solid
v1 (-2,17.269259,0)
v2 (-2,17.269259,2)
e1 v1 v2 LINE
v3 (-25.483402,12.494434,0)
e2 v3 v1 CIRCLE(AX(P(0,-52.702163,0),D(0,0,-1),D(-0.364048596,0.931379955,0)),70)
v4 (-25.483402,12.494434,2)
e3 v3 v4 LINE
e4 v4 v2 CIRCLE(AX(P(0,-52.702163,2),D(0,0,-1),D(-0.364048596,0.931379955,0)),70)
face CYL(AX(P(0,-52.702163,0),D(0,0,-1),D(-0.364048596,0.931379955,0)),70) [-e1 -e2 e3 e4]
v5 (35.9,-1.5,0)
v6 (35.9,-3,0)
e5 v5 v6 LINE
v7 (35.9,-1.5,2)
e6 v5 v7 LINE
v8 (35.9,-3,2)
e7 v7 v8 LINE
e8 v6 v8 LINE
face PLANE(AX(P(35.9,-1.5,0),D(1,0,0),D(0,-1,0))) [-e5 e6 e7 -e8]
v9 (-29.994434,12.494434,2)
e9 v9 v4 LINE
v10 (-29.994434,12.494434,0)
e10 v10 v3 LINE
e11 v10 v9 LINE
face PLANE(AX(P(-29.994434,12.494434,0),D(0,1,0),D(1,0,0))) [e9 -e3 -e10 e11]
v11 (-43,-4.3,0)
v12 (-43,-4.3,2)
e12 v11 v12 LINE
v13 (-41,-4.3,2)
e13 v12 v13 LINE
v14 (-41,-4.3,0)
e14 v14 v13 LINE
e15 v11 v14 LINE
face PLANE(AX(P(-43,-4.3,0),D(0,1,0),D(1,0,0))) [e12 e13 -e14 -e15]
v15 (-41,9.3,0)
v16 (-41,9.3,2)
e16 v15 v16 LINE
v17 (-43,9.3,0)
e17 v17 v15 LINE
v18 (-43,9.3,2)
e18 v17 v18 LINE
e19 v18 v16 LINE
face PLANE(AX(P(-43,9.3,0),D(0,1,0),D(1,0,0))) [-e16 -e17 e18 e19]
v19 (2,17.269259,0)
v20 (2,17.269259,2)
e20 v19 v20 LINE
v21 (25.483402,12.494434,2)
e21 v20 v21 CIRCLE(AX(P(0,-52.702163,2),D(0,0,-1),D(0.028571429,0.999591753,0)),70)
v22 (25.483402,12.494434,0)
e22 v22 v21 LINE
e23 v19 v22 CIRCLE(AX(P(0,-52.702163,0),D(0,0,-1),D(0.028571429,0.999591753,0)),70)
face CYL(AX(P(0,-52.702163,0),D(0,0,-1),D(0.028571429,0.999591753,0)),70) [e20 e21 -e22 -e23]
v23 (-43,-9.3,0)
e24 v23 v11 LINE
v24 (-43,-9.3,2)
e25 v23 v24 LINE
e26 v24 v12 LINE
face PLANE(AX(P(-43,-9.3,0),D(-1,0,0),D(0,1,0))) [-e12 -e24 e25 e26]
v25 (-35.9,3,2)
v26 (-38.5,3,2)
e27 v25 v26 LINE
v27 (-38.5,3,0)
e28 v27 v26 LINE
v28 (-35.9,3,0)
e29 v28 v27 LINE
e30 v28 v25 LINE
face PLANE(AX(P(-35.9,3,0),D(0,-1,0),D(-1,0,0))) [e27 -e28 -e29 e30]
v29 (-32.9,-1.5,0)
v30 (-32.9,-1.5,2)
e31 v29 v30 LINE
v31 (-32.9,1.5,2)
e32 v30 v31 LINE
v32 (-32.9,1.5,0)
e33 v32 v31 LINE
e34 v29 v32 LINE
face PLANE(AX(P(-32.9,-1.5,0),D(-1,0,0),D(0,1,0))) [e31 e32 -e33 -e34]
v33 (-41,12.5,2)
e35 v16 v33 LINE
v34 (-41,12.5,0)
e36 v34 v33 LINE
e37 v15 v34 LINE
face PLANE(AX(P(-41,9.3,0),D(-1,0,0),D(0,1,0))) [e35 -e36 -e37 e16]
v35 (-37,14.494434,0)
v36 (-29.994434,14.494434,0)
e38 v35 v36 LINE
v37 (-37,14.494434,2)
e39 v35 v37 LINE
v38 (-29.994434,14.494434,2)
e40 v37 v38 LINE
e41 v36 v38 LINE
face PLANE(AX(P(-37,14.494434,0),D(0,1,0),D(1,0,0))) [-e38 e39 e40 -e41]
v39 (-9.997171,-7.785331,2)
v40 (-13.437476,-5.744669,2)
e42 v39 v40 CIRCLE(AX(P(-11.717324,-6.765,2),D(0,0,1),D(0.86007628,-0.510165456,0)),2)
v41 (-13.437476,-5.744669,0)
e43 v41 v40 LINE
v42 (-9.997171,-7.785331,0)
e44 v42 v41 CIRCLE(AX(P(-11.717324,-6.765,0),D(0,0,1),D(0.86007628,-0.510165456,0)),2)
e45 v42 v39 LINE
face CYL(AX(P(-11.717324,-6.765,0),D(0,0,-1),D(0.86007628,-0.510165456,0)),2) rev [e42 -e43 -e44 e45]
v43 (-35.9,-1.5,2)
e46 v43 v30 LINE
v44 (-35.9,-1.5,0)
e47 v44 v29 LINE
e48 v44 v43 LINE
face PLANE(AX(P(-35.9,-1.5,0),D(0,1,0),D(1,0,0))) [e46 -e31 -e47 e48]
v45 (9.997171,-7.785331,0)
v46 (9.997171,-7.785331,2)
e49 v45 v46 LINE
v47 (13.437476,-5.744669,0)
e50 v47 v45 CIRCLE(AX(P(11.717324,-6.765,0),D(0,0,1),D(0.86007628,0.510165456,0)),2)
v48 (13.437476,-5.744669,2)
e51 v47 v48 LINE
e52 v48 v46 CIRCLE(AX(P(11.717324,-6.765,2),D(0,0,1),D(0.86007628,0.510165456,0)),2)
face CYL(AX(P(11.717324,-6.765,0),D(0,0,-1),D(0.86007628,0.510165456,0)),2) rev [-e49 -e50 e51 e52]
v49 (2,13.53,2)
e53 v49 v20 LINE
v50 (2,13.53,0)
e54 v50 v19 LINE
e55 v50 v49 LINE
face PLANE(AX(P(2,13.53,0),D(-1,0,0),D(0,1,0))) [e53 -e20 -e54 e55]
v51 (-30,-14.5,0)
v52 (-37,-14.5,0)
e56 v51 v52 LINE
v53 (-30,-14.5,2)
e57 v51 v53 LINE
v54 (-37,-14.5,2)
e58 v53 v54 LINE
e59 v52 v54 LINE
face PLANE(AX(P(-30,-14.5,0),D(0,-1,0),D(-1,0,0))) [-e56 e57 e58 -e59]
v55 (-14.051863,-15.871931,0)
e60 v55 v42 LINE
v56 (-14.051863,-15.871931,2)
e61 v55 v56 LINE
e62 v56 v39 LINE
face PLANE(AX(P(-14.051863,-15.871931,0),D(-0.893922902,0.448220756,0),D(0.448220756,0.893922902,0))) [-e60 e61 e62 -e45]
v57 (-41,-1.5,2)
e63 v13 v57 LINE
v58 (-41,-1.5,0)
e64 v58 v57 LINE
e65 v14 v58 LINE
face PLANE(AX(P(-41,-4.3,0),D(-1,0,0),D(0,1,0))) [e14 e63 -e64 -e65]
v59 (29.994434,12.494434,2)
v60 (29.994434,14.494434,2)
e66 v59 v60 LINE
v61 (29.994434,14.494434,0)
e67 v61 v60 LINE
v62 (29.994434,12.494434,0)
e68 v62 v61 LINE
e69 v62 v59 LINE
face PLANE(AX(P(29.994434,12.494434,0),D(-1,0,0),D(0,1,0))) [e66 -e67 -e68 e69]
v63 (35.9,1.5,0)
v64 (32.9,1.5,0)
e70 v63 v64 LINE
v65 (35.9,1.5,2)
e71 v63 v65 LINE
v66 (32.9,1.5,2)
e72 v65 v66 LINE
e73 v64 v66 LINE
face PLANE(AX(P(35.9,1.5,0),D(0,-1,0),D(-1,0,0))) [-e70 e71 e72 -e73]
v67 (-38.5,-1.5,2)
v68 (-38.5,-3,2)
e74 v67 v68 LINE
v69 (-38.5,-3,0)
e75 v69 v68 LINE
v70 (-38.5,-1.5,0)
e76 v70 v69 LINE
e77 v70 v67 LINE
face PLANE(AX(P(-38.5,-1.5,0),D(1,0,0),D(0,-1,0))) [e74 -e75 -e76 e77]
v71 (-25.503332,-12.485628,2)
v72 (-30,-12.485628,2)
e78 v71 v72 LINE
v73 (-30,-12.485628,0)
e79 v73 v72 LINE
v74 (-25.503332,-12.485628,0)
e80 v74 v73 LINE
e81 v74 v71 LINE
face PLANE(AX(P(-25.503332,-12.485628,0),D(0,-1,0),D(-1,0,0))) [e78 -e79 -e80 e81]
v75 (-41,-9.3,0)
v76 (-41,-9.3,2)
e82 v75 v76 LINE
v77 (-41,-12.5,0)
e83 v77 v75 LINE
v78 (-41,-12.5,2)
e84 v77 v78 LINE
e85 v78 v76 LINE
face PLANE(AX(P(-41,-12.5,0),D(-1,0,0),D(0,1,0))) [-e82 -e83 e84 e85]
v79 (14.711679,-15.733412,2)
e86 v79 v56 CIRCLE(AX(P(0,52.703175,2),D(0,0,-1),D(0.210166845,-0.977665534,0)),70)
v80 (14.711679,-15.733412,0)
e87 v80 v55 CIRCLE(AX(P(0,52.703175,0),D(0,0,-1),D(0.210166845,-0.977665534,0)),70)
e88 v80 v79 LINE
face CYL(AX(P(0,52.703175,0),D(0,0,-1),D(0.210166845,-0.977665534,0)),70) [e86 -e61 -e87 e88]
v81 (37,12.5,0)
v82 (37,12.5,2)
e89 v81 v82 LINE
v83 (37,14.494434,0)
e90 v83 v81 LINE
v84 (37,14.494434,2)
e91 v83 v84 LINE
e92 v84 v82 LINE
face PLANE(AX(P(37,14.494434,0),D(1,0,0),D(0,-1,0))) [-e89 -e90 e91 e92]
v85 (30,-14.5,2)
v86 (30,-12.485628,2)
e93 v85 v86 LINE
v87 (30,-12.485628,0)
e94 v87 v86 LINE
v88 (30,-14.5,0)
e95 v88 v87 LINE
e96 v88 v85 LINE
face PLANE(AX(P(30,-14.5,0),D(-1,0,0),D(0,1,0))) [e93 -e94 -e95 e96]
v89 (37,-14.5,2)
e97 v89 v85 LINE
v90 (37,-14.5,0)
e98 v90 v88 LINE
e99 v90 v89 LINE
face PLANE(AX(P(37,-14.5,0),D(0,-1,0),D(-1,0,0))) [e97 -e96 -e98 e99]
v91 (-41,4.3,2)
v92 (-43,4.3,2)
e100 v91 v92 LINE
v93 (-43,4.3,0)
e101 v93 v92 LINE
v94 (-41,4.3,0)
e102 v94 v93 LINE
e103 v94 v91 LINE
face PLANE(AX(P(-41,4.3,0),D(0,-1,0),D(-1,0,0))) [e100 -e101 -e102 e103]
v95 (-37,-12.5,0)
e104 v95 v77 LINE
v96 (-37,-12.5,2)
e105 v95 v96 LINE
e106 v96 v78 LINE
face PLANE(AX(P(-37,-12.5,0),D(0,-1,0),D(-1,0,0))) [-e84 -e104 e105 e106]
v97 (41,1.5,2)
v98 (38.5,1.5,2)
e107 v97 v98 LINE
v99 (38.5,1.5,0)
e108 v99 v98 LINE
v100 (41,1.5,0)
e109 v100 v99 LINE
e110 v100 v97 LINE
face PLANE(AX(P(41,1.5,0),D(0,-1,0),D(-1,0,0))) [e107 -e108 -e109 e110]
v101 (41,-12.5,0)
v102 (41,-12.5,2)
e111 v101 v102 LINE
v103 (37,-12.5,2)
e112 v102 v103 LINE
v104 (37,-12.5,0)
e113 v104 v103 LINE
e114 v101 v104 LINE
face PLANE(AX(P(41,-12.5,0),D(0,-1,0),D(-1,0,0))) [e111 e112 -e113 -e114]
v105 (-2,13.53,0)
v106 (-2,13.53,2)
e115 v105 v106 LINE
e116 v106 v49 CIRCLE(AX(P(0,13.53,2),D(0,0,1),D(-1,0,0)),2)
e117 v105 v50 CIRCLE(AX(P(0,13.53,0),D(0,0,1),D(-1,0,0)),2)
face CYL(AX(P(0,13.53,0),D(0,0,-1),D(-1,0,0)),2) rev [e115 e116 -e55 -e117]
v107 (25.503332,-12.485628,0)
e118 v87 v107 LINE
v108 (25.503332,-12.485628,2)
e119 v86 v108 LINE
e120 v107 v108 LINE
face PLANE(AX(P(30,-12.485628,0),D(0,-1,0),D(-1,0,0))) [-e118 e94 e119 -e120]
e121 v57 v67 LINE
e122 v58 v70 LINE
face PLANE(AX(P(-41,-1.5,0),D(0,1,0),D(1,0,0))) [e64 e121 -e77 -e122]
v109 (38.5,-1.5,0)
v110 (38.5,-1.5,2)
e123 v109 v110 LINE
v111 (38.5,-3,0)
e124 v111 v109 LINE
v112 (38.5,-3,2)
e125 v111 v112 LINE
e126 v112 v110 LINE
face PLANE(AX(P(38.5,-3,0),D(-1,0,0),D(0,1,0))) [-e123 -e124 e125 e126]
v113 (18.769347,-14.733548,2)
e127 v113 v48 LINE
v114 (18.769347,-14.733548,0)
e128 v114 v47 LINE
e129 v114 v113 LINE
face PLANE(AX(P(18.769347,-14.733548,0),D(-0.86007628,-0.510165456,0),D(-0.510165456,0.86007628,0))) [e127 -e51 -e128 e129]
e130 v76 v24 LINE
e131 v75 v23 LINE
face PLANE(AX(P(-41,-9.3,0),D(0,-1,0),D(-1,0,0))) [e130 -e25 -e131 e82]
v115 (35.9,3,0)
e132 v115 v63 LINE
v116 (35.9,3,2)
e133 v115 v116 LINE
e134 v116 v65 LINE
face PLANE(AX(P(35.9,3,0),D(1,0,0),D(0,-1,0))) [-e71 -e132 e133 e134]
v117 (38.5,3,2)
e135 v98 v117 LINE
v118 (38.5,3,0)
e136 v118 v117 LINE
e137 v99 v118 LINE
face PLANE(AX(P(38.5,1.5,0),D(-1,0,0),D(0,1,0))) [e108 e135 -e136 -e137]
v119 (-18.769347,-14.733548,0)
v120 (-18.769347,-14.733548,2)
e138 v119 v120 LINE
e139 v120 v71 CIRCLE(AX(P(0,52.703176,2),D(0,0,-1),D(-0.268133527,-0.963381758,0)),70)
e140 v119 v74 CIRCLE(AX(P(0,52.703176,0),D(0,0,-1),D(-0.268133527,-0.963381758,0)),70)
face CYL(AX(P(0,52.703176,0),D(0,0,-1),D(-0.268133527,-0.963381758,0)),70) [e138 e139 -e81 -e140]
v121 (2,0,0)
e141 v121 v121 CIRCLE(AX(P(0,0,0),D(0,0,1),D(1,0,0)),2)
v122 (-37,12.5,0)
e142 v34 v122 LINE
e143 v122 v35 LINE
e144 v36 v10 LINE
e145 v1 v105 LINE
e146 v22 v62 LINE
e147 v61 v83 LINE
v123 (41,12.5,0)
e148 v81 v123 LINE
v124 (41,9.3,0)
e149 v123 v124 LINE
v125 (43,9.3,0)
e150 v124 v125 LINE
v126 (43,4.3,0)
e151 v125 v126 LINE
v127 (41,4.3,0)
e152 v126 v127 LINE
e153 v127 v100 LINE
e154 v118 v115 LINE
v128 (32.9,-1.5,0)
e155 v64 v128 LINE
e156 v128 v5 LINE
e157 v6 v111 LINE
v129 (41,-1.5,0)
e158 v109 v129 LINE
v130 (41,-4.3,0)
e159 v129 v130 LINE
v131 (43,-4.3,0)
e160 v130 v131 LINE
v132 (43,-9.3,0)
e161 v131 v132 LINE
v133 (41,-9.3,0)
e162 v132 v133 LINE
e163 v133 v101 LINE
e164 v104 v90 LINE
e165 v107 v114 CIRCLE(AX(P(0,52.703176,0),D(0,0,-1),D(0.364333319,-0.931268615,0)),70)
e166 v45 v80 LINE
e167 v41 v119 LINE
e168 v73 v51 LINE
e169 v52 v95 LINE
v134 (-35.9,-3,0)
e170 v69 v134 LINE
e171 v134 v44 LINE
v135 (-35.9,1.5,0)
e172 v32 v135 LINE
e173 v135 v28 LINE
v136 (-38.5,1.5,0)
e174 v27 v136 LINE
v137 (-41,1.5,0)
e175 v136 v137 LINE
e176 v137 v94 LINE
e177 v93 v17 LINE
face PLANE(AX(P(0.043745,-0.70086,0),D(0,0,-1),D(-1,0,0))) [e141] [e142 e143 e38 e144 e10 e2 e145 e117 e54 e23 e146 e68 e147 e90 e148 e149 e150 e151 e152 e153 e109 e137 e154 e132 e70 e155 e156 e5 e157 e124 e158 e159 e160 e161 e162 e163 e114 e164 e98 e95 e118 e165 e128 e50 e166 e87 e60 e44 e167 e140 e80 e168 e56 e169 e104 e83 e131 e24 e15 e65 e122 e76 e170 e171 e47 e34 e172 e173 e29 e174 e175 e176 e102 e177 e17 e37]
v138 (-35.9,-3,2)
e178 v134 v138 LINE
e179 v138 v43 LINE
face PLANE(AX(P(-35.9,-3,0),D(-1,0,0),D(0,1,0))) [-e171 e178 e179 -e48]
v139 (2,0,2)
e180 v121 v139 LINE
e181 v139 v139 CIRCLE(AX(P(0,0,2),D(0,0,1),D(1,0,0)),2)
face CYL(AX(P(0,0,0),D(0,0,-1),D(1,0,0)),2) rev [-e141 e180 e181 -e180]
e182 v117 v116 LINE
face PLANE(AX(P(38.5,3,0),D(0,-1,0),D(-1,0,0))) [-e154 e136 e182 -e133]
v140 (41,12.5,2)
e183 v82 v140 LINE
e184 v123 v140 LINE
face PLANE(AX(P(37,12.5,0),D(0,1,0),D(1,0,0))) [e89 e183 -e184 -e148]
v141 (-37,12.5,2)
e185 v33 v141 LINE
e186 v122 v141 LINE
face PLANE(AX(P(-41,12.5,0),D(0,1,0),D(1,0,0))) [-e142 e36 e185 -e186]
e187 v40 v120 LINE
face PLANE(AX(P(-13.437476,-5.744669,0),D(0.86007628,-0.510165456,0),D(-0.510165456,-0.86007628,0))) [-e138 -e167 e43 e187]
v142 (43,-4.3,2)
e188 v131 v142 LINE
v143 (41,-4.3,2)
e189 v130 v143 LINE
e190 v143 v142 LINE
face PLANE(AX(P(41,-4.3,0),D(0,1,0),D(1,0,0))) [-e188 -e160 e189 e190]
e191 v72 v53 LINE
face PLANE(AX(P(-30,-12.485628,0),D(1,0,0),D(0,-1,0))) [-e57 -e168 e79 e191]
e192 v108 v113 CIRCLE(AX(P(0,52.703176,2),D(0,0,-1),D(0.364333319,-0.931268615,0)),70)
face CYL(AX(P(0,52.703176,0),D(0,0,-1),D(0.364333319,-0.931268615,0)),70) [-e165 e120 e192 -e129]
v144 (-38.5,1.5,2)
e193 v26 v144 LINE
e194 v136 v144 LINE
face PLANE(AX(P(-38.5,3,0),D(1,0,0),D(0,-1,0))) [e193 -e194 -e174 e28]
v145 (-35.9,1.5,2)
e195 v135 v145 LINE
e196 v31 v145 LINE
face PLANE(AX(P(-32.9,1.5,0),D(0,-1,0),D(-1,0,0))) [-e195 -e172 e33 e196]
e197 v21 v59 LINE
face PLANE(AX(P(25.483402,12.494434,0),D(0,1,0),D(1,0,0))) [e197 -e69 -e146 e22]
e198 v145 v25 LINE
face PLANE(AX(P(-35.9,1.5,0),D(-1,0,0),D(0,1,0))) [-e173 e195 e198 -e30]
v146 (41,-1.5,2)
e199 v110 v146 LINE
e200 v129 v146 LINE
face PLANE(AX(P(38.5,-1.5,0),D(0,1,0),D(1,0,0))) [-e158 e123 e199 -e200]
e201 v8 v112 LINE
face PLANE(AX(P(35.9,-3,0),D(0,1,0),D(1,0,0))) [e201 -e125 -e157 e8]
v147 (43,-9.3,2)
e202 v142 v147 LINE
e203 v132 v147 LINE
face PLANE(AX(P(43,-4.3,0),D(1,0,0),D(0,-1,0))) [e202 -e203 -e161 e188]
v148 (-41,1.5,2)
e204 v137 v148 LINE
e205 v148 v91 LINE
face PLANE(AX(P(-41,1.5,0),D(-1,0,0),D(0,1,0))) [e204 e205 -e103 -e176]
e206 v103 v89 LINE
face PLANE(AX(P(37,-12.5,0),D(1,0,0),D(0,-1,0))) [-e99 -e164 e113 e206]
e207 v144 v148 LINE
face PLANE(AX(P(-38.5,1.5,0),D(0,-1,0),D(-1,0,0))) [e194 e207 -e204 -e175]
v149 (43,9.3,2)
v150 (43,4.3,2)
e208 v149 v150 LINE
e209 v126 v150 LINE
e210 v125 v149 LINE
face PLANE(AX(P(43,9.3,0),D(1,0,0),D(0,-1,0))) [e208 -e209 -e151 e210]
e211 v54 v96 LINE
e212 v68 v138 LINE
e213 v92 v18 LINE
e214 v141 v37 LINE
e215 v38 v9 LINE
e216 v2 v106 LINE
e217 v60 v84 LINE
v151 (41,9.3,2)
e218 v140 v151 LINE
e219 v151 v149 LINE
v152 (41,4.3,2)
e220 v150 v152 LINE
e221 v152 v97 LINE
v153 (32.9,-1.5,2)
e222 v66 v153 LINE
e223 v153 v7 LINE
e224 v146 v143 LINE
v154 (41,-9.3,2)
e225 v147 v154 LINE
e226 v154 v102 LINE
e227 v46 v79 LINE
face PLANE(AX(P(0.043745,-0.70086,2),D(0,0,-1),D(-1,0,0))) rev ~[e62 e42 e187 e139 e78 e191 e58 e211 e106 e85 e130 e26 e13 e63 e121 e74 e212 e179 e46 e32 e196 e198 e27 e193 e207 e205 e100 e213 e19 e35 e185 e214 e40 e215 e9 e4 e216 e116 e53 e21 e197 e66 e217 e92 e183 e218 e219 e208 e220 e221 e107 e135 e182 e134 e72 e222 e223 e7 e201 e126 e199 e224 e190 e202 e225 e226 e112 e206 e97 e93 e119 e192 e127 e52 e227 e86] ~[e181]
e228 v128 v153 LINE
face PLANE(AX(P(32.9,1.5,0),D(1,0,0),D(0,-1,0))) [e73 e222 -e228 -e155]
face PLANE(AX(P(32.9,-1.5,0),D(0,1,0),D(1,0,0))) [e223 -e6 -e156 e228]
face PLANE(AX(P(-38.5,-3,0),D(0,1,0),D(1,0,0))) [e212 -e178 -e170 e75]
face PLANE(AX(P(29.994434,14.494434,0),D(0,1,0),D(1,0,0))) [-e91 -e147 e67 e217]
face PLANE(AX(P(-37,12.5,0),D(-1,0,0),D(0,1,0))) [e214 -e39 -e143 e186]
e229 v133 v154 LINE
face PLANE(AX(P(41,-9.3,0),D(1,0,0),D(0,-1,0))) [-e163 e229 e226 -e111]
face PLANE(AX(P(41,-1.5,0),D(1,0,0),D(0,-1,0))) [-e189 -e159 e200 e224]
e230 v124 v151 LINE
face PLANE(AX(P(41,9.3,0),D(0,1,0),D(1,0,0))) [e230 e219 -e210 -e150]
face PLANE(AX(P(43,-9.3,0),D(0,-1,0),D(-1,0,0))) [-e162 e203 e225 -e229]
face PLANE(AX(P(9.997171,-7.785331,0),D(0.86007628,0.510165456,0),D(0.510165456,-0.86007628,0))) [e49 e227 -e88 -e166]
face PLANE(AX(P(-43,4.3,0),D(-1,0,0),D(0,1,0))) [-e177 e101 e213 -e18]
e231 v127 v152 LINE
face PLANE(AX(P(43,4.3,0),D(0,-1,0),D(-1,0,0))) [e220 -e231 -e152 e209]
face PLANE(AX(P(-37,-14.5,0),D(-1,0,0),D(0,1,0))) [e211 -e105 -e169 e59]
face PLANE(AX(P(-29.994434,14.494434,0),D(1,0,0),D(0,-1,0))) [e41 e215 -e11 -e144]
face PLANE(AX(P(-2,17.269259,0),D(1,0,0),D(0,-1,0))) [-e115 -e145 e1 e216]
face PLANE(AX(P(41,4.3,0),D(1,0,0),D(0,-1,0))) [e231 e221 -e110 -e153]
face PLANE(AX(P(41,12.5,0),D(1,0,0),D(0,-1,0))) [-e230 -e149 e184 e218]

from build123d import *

# Parameters (mm, degrees)
SKETCH_1_R      = 2
EXTRUDE_2_DEPTH = 2


with BuildPart() as part:
    # 草图1 → 凸台-拉伸2 (new body)
    with BuildSketch(Plane.XY):
        with BuildLine():
            Line((-29.994433528, 12.494433528), (-25.48340173, 12.494433528))
            ThreePointArc((-25.48340173, 12.494433528), (-13.947547573, 15.894235428), (-2, 17.269259451))
            Line((-2, 17.269259451), (-2, 13.53))
            ThreePointArc((-2, 13.53), (0, 11.53), (2, 13.53))
            Line((2, 13.53), (2, 17.269259451))
            ThreePointArc((2, 17.269259451), (13.947547573, 15.894235428), (25.48340173, 12.494433528))
            Line((25.48340173, 12.494433528), (29.994433528, 12.494433528))
            Line((29.994433528, 12.494433528), (29.994433528, 14.494433528))
            Line((29.994433528, 14.494433528), (37, 14.494433528))
            Line((37, 14.494433528), (37, 12.5))
            Line((37, 12.5), (41, 12.5))
            Line((41, 12.5), (41, 9.3))
            Line((41, 9.3), (43, 9.3))
            Line((43, 9.3), (43, 4.3))
            Line((43, 4.3), (41, 4.3))
            Line((41, 4.3), (41, 1.5))
            Line((41, 1.5), (38.5, 1.5))
            Line((38.5, 1.5), (38.5, 3))
            Line((38.5, 3), (35.9, 3))
            Line((35.9, 3), (35.9, 1.5))
            Line((35.9, 1.5), (32.9, 1.5))
            Line((32.9, 1.5), (32.9, -1.5))
            Line((32.9, -1.5), (35.9, -1.5))
            Line((35.9, -1.5), (35.9, -3))
            Line((35.9, -3), (38.5, -3))
            Line((38.5, -3), (38.5, -1.5))
            Line((38.5, -1.5), (41, -1.5))
            Line((41, -1.5), (41, -4.3))
            Line((41, -4.3), (43, -4.3))
            Line((43, -4.3), (43, -9.3))
            Line((43, -9.3), (41, -9.3))
            Line((41, -9.3), (41, -12.5))
            Line((41, -12.5), (37, -12.5))
            Line((37, -12.5), (37, -14.5))
            Line((37, -14.5), (30, -14.5))
            Line((30, -14.5), (30, -12.485627756))
            Line((30, -12.485627756), (25.50333236, -12.485627756))
            ThreePointArc((25.50333236, -12.485627756), (22.164855453, -13.695011333), (18.769346851, -14.733547814))
            Line((18.769346851, -14.733547814), (13.437476273, -5.744669088))
            ThreePointArc((13.437476273, -5.744669088), (10.696992802, -5.04484744), (9.997171153, -7.785330912))
            Line((9.997171153, -7.785330912), (14.711679138, -15.733412155))
            ThreePointArc((14.711679138, -15.733412155), (0.337099689, -17.296013049), (-14.051862928, -15.871930634))
            Line((-14.051862928, -15.871930634), (-9.997171153, -7.785330912))
            ThreePointArc((-9.997171153, -7.785330912), (-10.696992802, -5.04484744), (-13.437476273, -5.744669088))
            Line((-13.437476273, -5.744669088), (-18.769346851, -14.733547814))
            ThreePointArc((-18.769346851, -14.733547814), (-22.164855453, -13.695011333), (-25.50333236, -12.485627756))
            Line((-25.50333236, -12.485627756), (-30, -12.485627756))
            Line((-30, -12.485627756), (-30, -14.5))
            Line((-30, -14.5), (-37, -14.5))
            Line((-37, -14.5), (-37, -12.5))
            Line((-37, -12.5), (-41, -12.5))
            Line((-41, -12.5), (-41, -9.3))
            Line((-41, -9.3), (-43, -9.3))
            Line((-43, -9.3), (-43, -4.3))
            Line((-43, -4.3), (-41, -4.3))
            Line((-41, -4.3), (-41, -1.5))
            Line((-41, -1.5), (-38.5, -1.5))
            Line((-38.5, -1.5), (-38.5, -3))
            Line((-38.5, -3), (-35.9, -3))
            Line((-35.9, -3), (-35.9, -1.5))
            Line((-35.9, -1.5), (-32.9, -1.5))
            Line((-32.9, -1.5), (-32.9, 1.5))
            Line((-32.9, 1.5), (-35.9, 1.5))
            Line((-35.9, 1.5), (-35.9, 3))
            Line((-35.9, 3), (-38.5, 3))
            Line((-38.5, 3), (-38.5, 1.5))
            Line((-38.5, 1.5), (-41, 1.5))
            Line((-41, 1.5), (-41, 4.3))
            Line((-41, 4.3), (-43, 4.3))
            Line((-43, 4.3), (-43, 9.3))
            Line((-43, 9.3), (-41, 9.3))
            Line((-41, 9.3), (-41, 12.5))
            Line((-41, 12.5), (-37, 12.5))
            Line((-37, 12.5), (-37, 14.494433528))
            Line((-37, 14.494433528), (-29.994433528, 14.494433528))
            Line((-29.994433528, 14.494433528), (-29.994433528, 12.494433528))
        make_face()
        Circle(SKETCH_1_R, mode=Mode.SUBTRACT)
    extrude(amount=EXTRUDE_2_DEPTH)


solid = part.part
